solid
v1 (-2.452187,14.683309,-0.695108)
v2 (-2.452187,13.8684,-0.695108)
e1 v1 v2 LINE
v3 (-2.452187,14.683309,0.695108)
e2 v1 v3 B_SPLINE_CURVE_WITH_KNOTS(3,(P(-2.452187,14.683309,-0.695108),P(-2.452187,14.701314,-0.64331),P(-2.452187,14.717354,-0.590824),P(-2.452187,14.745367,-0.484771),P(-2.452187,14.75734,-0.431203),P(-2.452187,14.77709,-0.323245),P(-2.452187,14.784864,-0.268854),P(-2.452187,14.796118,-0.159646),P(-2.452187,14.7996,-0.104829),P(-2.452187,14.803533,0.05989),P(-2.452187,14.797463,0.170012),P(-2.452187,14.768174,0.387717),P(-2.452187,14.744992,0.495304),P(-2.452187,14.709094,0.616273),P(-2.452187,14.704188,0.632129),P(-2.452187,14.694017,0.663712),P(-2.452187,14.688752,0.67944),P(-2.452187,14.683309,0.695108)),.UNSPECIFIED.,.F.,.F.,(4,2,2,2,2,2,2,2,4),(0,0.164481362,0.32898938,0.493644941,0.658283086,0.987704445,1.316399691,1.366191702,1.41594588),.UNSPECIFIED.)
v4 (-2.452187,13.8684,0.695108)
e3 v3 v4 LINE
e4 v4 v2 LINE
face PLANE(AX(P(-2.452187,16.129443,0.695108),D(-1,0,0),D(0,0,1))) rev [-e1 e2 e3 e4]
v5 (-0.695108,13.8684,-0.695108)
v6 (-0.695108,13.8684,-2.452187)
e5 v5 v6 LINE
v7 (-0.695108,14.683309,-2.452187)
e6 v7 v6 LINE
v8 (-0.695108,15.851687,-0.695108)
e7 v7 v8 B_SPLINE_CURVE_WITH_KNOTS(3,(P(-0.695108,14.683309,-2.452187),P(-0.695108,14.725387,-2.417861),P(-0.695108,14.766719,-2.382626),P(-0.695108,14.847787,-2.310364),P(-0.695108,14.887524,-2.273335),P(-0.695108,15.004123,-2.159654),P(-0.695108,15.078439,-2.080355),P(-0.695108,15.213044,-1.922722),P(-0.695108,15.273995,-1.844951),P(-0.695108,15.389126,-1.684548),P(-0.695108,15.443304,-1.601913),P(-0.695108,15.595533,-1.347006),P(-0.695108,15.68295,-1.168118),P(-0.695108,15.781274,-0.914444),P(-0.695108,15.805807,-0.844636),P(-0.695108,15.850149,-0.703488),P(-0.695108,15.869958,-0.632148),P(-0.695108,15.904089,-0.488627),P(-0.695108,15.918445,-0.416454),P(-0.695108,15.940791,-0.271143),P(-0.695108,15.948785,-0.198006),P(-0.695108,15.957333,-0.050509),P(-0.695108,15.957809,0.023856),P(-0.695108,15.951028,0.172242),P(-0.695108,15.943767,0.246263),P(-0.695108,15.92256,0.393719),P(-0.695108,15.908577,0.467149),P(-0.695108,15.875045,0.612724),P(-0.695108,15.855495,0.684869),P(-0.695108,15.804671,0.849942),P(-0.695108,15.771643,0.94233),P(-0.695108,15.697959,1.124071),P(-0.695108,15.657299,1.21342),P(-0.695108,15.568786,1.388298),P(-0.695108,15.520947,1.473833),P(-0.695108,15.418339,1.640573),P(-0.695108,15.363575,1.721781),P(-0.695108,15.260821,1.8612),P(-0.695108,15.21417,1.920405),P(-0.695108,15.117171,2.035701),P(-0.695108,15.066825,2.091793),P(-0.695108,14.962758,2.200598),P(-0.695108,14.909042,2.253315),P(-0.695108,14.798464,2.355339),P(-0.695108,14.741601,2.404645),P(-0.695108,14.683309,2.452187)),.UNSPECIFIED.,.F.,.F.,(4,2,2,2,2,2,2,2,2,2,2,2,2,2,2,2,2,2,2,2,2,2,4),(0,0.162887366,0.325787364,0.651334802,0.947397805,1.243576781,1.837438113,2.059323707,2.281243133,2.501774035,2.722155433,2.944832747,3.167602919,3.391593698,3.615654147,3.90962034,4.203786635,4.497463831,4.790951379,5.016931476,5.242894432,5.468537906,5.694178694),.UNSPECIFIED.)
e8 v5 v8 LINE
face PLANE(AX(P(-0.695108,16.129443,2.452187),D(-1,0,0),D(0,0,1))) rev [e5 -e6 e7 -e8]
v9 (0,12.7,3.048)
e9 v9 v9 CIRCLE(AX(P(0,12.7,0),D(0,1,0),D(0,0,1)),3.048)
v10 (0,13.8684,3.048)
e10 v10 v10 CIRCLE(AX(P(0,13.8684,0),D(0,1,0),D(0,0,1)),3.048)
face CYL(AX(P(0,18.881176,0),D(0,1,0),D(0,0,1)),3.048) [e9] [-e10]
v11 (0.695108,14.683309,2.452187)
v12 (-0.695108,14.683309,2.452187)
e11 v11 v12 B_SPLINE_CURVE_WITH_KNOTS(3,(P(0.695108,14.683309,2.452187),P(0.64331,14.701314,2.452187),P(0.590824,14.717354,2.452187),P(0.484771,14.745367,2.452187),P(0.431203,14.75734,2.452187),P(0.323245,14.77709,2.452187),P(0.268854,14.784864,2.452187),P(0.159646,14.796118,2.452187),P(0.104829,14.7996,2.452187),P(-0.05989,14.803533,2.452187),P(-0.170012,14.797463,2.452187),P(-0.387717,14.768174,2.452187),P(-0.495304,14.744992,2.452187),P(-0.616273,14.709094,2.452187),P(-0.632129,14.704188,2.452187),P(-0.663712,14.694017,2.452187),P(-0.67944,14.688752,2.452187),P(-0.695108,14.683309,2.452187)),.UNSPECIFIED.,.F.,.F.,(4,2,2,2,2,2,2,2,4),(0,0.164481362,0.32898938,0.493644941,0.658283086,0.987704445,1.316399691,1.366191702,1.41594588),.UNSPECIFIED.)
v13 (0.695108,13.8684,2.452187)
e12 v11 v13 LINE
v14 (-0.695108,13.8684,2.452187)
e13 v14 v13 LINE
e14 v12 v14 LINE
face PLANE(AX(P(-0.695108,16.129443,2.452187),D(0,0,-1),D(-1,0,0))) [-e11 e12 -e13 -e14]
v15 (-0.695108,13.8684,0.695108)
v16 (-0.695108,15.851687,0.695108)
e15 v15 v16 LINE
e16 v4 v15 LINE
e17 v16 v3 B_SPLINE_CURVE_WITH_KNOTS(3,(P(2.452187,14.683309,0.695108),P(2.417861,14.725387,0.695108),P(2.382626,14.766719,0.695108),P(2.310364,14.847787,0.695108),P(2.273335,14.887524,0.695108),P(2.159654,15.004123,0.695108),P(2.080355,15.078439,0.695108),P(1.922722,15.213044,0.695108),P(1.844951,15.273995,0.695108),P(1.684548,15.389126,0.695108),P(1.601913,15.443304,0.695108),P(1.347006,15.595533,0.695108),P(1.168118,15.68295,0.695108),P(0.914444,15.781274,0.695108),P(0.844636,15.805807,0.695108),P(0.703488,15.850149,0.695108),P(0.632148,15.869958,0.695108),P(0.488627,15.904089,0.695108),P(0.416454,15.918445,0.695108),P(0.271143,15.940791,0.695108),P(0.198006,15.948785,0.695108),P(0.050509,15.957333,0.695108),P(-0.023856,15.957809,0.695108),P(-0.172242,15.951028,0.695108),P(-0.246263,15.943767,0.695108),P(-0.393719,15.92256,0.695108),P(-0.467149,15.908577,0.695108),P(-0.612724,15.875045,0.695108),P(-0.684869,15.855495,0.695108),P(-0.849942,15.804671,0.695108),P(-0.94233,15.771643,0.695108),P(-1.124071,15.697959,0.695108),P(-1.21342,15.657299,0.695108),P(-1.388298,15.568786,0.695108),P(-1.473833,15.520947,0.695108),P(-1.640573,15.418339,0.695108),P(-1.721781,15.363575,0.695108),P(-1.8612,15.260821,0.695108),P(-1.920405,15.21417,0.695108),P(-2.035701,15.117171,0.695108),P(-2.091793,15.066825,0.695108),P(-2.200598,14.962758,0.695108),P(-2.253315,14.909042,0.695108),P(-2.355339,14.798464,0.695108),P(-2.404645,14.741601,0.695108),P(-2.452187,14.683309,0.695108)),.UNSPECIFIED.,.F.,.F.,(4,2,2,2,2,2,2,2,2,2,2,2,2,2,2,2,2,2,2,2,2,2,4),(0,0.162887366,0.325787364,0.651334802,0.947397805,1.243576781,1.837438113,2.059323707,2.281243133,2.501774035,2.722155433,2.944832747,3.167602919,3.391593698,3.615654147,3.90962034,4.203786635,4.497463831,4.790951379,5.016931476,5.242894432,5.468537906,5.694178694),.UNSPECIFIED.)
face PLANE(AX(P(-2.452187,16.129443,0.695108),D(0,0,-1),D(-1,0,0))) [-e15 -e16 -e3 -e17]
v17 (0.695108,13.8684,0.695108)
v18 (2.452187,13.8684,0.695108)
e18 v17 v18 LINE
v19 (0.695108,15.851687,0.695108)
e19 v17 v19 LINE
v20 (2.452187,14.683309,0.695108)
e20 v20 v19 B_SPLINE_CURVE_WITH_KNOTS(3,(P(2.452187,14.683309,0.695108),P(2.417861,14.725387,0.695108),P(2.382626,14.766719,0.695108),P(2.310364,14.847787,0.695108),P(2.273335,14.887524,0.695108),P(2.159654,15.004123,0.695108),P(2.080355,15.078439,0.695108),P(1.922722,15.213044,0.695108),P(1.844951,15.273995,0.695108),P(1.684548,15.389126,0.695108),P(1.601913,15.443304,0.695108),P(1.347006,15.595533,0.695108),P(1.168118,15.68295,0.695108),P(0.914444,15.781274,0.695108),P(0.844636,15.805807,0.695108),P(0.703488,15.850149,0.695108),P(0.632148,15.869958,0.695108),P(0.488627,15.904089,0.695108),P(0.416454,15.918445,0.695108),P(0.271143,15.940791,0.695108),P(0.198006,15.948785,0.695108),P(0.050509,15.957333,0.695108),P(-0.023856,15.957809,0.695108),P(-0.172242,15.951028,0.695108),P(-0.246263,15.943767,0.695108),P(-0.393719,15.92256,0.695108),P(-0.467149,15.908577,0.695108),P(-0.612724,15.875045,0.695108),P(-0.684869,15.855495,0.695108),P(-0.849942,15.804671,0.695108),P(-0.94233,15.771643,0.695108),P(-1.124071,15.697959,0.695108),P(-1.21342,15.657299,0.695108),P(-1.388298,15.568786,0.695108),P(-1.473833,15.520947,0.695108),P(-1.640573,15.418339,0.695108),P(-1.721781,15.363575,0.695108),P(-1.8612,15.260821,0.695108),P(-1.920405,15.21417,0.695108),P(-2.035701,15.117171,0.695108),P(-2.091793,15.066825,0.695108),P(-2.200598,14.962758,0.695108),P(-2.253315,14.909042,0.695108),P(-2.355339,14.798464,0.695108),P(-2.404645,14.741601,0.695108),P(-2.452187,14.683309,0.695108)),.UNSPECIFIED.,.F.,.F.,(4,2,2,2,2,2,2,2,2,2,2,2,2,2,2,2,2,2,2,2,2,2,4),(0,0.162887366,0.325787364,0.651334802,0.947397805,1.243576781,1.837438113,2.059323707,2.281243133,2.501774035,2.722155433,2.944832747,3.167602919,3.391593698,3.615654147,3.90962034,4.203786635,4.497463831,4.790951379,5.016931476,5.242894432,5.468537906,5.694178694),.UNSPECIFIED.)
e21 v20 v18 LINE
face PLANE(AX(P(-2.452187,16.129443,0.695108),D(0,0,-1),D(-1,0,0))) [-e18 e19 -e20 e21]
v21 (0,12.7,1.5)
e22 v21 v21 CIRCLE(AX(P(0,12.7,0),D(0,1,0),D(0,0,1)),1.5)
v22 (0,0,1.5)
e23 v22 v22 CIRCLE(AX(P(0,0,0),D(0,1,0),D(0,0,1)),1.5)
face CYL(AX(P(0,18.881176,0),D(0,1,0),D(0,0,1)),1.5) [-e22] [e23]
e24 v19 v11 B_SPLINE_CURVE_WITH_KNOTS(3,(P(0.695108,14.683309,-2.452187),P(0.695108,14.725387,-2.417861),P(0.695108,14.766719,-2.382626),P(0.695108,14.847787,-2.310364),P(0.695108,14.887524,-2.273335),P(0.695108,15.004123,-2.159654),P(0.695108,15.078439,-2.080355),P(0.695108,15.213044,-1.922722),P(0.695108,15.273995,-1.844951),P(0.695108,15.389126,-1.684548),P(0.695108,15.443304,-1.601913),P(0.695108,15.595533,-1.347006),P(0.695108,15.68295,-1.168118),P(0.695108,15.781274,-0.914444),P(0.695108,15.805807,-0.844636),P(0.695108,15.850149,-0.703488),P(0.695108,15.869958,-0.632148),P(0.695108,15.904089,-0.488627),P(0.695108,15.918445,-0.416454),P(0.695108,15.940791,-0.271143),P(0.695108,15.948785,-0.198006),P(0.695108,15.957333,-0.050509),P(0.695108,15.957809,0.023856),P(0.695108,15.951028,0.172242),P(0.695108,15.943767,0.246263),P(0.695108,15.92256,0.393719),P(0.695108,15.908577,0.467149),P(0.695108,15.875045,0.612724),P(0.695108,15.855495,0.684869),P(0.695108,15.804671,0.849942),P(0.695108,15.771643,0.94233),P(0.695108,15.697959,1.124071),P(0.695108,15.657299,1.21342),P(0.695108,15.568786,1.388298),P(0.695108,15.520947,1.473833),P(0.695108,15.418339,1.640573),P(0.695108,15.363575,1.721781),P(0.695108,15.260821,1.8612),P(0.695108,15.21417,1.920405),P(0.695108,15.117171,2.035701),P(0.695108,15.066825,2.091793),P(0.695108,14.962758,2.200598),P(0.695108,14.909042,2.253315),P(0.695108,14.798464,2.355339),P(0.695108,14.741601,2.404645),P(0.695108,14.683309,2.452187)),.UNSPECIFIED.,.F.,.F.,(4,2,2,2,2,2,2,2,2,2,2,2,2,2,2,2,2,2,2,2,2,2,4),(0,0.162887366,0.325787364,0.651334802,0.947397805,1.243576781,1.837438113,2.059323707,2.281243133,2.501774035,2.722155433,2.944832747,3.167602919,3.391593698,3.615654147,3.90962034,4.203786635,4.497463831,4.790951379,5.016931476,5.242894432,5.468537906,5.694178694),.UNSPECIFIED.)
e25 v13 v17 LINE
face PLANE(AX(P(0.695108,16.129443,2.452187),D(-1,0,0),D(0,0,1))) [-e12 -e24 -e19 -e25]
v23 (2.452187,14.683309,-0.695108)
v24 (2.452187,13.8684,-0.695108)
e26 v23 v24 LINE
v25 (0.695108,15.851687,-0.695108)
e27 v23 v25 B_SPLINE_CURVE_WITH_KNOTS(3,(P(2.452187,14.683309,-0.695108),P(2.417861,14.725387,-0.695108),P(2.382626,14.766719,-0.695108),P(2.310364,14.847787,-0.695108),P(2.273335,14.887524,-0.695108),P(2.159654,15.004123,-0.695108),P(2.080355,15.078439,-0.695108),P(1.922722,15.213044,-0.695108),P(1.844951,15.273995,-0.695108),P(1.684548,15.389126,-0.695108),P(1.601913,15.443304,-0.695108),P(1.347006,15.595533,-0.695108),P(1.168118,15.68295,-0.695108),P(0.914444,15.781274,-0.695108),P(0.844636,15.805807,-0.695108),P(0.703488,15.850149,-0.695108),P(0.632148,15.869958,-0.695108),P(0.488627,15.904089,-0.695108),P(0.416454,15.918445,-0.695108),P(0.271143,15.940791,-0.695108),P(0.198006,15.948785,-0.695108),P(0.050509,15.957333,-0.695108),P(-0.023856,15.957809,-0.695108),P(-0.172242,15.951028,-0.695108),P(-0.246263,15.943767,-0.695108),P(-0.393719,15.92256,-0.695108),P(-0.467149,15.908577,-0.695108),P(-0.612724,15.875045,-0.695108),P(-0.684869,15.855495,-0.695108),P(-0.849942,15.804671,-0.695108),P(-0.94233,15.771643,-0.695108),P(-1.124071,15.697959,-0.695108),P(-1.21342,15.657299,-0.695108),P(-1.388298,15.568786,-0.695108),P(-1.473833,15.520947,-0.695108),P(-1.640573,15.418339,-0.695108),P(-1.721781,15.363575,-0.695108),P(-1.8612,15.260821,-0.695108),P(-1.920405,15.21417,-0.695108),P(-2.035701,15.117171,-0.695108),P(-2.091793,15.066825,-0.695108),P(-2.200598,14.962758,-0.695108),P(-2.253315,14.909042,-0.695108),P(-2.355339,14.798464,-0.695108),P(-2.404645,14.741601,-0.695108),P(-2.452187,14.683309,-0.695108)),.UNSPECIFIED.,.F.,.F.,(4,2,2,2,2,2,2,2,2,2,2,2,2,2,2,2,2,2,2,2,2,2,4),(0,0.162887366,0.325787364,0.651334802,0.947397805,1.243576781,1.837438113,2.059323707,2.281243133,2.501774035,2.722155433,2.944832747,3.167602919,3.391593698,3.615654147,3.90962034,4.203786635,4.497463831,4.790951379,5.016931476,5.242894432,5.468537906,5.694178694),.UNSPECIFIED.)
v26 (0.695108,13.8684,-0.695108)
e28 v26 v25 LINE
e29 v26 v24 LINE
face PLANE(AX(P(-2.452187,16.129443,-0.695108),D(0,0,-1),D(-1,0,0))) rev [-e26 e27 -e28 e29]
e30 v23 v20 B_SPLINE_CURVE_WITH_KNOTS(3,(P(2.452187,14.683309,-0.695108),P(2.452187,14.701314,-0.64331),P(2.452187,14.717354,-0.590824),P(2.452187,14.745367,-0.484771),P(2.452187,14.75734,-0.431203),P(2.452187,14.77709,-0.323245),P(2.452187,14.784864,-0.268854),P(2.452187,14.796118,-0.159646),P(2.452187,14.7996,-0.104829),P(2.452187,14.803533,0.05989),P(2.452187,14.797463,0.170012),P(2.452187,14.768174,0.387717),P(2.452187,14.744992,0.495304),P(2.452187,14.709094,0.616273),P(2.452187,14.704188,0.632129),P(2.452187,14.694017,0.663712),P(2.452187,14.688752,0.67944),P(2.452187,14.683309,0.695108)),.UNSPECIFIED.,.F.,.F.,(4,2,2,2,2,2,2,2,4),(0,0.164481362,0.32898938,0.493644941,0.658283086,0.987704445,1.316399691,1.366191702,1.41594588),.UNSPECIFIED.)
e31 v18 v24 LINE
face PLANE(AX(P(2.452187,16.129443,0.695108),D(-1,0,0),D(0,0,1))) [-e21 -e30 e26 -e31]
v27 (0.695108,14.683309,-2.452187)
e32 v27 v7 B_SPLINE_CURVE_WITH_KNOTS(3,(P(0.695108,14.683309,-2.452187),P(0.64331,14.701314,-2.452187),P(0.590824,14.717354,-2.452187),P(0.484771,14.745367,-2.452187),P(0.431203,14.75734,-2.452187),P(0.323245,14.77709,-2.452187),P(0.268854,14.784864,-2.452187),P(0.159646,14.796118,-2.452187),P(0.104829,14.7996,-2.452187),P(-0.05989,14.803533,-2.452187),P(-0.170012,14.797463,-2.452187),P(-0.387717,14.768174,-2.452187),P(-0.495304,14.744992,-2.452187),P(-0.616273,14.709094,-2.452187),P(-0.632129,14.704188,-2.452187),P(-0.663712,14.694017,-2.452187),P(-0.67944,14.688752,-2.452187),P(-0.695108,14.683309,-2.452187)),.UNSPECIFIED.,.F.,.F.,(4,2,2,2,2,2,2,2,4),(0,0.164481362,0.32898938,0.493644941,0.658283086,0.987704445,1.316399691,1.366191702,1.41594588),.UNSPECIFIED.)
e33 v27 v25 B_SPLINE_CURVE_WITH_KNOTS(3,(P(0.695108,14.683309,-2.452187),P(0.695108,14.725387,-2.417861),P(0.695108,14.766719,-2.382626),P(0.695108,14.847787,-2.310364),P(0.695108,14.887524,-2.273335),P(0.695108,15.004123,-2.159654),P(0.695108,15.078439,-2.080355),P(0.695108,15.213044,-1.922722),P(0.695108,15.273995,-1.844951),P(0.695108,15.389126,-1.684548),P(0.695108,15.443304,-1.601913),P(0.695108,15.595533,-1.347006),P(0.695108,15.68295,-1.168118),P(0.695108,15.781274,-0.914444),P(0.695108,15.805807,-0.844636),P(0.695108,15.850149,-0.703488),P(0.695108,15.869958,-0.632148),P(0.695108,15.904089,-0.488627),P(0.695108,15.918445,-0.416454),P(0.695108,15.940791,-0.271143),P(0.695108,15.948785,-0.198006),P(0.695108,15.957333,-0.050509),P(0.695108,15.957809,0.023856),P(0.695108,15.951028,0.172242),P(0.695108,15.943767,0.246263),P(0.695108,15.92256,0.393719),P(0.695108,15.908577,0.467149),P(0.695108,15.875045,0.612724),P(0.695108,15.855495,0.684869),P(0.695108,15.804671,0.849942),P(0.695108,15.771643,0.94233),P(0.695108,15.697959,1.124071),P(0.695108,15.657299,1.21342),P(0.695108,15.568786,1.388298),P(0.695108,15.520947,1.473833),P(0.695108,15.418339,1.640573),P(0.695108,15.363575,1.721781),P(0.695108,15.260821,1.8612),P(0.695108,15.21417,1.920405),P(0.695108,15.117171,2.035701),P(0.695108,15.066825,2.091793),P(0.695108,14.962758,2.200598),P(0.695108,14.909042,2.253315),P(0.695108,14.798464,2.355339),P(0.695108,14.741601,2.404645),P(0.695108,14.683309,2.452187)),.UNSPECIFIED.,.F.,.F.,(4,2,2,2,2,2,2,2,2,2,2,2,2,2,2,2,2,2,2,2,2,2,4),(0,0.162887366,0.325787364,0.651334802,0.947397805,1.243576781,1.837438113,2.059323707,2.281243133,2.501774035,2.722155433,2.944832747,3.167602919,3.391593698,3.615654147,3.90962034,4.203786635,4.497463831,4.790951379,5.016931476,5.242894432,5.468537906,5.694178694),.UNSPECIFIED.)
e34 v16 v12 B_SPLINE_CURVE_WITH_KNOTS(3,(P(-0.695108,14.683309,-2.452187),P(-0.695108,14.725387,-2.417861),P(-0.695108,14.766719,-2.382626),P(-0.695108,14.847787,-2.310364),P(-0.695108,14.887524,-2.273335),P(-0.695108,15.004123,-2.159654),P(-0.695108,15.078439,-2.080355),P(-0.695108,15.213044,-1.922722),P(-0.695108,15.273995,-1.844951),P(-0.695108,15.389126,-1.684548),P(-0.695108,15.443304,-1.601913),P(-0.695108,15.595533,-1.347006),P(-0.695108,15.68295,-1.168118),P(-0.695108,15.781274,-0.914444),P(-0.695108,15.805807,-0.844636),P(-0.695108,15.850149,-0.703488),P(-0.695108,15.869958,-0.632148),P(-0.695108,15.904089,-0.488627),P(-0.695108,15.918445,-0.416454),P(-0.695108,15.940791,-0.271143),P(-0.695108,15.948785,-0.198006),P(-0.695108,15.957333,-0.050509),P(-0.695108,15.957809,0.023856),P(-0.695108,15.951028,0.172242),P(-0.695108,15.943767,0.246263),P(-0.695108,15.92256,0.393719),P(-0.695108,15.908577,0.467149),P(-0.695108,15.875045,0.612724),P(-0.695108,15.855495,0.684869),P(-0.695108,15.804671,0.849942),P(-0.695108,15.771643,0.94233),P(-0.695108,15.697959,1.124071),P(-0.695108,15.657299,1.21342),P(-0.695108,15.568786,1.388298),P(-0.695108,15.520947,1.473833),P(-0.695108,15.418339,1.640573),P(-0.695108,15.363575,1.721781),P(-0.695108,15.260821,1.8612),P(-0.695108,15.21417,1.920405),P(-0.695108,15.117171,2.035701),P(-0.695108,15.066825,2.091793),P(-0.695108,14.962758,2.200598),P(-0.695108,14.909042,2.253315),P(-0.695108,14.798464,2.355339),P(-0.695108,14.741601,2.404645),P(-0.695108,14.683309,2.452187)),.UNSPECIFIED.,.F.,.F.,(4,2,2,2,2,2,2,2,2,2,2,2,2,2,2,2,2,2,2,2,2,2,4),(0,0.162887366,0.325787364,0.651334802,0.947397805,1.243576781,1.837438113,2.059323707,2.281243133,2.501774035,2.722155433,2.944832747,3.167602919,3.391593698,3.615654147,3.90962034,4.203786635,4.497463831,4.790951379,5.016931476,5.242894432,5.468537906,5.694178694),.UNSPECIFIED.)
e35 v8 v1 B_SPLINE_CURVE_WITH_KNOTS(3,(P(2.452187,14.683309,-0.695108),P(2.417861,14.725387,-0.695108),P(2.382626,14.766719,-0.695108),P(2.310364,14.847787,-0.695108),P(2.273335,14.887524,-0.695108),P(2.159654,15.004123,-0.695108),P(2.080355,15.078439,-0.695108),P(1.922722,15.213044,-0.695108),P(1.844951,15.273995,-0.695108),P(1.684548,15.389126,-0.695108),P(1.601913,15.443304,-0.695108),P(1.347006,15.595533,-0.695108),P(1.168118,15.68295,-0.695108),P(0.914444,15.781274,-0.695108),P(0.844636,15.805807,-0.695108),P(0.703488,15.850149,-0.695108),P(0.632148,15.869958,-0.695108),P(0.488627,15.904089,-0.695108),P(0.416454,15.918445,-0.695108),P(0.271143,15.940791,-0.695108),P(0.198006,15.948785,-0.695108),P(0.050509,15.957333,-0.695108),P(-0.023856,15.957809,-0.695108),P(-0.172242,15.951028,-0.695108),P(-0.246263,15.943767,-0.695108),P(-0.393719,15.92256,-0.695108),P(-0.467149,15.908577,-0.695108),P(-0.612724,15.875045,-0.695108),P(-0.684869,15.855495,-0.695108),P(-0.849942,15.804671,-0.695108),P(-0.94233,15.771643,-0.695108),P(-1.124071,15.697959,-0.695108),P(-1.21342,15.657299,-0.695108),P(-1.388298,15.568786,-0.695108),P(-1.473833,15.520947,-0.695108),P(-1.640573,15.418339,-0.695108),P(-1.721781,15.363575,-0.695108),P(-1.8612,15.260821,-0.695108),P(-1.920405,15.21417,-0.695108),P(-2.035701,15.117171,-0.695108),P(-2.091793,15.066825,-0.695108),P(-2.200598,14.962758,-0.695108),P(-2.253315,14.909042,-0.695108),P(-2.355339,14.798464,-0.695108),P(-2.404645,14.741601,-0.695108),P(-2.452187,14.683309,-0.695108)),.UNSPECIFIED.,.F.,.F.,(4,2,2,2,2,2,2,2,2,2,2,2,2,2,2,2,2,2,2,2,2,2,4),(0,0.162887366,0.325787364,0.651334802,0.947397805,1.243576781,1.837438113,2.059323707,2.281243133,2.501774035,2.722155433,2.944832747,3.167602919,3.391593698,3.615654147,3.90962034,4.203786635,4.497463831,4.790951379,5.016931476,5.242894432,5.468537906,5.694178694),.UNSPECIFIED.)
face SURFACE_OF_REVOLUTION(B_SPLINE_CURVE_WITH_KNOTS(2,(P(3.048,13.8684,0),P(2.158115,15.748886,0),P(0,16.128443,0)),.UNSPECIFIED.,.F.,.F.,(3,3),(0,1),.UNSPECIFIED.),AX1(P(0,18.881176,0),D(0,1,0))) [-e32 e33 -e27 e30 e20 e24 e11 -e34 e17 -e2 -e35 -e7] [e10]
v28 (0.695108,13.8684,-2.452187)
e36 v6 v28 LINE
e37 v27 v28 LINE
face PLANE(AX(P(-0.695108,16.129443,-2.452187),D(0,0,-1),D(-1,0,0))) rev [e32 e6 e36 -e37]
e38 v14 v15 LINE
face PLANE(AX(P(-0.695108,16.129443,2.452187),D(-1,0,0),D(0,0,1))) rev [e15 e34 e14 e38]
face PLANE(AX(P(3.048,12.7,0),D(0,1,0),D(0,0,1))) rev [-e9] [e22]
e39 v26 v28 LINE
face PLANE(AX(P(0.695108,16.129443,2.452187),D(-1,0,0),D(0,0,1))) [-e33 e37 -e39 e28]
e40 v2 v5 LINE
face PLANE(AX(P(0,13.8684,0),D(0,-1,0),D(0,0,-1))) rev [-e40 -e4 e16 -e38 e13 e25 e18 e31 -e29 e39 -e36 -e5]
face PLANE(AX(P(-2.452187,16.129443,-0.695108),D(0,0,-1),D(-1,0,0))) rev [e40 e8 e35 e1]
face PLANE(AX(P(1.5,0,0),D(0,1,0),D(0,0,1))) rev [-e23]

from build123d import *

# Parameters (mm, degrees)
CUT_EXTRUDE1_REACH = 16.523
SKETCH2_W          = 4.904374576
SKETCH2_H          = 1.390216618
SKETCH2_W_2        = 1.390216618
SKETCH2_H_2        = 4.904374576


with BuildPart() as part:
    # Sketch1 → Revolve1 (revolve)
    with BuildSketch(Plane.XY, mode=Mode.PRIVATE) as revolve1_sk:
        with BuildLine():
            Line((0, 0), (0, 12.7))
            Line((0, 12.7), (0, 13.8684))
            Line((0, 13.8684), (0, 16.128443135))
            add(Edge.make_bspline(
                [(0, 16.128443135), (2.158115005, 15.748885895), (3.048, 13.8684)],
                knots=[0, 0, 0, 1, 1, 1], degree=2))
            Line((3.048, 13.8684), (3.048, 12.7))
            Line((3.048, 12.7), (1.5, 12.7))
            Line((1.5, 12.7), (1.5, 0))
            Line((1.5, 0), (0, 0))
        make_face()
    revolve(revolve1_sk.sketch.rotate(Axis((0, 18.881175956, 0), (0, -1, 0)), 90), axis=Axis((0, 18.881175956, 0), (0, -1, 0)))

    # Sketch2 → Cut-Extrude1 (cut, up to next)
    with BuildSketch(Plane(origin=(0, 13.8684, 0), x_dir=(-1, 0, 0), z_dir=(0, -1, 0)), mode=Mode.PRIVATE) as cut_extrude1_sk1:
        Rectangle(SKETCH2_W, SKETCH2_H)
    cut_extrude1_tool1 = extrude(cut_extrude1_sk1.sketch, amount=-CUT_EXTRUDE1_REACH, mode=Mode.PRIVATE) & part.part
    # Sketch2 → Cut-Extrude1 (cut, up to next)
    with BuildSketch(Plane(origin=(0, 13.8684, 0), x_dir=(-1, 0, 0), z_dir=(0, -1, 0)), mode=Mode.PRIVATE) as cut_extrude1_sk2:
        Rectangle(SKETCH2_W_2, SKETCH2_H_2)
    cut_extrude1_tool2 = extrude(cut_extrude1_sk2.sketch, amount=-CUT_EXTRUDE1_REACH, mode=Mode.PRIVATE) & part.part
    add(cut_extrude1_tool1.solids().sort_by_distance((0, 13.8684, 0))[0], mode=Mode.SUBTRACT)
    add(cut_extrude1_tool2.solids().sort_by_distance((0, 13.8684, 0))[0], mode=Mode.SUBTRACT)


solid = part.part
